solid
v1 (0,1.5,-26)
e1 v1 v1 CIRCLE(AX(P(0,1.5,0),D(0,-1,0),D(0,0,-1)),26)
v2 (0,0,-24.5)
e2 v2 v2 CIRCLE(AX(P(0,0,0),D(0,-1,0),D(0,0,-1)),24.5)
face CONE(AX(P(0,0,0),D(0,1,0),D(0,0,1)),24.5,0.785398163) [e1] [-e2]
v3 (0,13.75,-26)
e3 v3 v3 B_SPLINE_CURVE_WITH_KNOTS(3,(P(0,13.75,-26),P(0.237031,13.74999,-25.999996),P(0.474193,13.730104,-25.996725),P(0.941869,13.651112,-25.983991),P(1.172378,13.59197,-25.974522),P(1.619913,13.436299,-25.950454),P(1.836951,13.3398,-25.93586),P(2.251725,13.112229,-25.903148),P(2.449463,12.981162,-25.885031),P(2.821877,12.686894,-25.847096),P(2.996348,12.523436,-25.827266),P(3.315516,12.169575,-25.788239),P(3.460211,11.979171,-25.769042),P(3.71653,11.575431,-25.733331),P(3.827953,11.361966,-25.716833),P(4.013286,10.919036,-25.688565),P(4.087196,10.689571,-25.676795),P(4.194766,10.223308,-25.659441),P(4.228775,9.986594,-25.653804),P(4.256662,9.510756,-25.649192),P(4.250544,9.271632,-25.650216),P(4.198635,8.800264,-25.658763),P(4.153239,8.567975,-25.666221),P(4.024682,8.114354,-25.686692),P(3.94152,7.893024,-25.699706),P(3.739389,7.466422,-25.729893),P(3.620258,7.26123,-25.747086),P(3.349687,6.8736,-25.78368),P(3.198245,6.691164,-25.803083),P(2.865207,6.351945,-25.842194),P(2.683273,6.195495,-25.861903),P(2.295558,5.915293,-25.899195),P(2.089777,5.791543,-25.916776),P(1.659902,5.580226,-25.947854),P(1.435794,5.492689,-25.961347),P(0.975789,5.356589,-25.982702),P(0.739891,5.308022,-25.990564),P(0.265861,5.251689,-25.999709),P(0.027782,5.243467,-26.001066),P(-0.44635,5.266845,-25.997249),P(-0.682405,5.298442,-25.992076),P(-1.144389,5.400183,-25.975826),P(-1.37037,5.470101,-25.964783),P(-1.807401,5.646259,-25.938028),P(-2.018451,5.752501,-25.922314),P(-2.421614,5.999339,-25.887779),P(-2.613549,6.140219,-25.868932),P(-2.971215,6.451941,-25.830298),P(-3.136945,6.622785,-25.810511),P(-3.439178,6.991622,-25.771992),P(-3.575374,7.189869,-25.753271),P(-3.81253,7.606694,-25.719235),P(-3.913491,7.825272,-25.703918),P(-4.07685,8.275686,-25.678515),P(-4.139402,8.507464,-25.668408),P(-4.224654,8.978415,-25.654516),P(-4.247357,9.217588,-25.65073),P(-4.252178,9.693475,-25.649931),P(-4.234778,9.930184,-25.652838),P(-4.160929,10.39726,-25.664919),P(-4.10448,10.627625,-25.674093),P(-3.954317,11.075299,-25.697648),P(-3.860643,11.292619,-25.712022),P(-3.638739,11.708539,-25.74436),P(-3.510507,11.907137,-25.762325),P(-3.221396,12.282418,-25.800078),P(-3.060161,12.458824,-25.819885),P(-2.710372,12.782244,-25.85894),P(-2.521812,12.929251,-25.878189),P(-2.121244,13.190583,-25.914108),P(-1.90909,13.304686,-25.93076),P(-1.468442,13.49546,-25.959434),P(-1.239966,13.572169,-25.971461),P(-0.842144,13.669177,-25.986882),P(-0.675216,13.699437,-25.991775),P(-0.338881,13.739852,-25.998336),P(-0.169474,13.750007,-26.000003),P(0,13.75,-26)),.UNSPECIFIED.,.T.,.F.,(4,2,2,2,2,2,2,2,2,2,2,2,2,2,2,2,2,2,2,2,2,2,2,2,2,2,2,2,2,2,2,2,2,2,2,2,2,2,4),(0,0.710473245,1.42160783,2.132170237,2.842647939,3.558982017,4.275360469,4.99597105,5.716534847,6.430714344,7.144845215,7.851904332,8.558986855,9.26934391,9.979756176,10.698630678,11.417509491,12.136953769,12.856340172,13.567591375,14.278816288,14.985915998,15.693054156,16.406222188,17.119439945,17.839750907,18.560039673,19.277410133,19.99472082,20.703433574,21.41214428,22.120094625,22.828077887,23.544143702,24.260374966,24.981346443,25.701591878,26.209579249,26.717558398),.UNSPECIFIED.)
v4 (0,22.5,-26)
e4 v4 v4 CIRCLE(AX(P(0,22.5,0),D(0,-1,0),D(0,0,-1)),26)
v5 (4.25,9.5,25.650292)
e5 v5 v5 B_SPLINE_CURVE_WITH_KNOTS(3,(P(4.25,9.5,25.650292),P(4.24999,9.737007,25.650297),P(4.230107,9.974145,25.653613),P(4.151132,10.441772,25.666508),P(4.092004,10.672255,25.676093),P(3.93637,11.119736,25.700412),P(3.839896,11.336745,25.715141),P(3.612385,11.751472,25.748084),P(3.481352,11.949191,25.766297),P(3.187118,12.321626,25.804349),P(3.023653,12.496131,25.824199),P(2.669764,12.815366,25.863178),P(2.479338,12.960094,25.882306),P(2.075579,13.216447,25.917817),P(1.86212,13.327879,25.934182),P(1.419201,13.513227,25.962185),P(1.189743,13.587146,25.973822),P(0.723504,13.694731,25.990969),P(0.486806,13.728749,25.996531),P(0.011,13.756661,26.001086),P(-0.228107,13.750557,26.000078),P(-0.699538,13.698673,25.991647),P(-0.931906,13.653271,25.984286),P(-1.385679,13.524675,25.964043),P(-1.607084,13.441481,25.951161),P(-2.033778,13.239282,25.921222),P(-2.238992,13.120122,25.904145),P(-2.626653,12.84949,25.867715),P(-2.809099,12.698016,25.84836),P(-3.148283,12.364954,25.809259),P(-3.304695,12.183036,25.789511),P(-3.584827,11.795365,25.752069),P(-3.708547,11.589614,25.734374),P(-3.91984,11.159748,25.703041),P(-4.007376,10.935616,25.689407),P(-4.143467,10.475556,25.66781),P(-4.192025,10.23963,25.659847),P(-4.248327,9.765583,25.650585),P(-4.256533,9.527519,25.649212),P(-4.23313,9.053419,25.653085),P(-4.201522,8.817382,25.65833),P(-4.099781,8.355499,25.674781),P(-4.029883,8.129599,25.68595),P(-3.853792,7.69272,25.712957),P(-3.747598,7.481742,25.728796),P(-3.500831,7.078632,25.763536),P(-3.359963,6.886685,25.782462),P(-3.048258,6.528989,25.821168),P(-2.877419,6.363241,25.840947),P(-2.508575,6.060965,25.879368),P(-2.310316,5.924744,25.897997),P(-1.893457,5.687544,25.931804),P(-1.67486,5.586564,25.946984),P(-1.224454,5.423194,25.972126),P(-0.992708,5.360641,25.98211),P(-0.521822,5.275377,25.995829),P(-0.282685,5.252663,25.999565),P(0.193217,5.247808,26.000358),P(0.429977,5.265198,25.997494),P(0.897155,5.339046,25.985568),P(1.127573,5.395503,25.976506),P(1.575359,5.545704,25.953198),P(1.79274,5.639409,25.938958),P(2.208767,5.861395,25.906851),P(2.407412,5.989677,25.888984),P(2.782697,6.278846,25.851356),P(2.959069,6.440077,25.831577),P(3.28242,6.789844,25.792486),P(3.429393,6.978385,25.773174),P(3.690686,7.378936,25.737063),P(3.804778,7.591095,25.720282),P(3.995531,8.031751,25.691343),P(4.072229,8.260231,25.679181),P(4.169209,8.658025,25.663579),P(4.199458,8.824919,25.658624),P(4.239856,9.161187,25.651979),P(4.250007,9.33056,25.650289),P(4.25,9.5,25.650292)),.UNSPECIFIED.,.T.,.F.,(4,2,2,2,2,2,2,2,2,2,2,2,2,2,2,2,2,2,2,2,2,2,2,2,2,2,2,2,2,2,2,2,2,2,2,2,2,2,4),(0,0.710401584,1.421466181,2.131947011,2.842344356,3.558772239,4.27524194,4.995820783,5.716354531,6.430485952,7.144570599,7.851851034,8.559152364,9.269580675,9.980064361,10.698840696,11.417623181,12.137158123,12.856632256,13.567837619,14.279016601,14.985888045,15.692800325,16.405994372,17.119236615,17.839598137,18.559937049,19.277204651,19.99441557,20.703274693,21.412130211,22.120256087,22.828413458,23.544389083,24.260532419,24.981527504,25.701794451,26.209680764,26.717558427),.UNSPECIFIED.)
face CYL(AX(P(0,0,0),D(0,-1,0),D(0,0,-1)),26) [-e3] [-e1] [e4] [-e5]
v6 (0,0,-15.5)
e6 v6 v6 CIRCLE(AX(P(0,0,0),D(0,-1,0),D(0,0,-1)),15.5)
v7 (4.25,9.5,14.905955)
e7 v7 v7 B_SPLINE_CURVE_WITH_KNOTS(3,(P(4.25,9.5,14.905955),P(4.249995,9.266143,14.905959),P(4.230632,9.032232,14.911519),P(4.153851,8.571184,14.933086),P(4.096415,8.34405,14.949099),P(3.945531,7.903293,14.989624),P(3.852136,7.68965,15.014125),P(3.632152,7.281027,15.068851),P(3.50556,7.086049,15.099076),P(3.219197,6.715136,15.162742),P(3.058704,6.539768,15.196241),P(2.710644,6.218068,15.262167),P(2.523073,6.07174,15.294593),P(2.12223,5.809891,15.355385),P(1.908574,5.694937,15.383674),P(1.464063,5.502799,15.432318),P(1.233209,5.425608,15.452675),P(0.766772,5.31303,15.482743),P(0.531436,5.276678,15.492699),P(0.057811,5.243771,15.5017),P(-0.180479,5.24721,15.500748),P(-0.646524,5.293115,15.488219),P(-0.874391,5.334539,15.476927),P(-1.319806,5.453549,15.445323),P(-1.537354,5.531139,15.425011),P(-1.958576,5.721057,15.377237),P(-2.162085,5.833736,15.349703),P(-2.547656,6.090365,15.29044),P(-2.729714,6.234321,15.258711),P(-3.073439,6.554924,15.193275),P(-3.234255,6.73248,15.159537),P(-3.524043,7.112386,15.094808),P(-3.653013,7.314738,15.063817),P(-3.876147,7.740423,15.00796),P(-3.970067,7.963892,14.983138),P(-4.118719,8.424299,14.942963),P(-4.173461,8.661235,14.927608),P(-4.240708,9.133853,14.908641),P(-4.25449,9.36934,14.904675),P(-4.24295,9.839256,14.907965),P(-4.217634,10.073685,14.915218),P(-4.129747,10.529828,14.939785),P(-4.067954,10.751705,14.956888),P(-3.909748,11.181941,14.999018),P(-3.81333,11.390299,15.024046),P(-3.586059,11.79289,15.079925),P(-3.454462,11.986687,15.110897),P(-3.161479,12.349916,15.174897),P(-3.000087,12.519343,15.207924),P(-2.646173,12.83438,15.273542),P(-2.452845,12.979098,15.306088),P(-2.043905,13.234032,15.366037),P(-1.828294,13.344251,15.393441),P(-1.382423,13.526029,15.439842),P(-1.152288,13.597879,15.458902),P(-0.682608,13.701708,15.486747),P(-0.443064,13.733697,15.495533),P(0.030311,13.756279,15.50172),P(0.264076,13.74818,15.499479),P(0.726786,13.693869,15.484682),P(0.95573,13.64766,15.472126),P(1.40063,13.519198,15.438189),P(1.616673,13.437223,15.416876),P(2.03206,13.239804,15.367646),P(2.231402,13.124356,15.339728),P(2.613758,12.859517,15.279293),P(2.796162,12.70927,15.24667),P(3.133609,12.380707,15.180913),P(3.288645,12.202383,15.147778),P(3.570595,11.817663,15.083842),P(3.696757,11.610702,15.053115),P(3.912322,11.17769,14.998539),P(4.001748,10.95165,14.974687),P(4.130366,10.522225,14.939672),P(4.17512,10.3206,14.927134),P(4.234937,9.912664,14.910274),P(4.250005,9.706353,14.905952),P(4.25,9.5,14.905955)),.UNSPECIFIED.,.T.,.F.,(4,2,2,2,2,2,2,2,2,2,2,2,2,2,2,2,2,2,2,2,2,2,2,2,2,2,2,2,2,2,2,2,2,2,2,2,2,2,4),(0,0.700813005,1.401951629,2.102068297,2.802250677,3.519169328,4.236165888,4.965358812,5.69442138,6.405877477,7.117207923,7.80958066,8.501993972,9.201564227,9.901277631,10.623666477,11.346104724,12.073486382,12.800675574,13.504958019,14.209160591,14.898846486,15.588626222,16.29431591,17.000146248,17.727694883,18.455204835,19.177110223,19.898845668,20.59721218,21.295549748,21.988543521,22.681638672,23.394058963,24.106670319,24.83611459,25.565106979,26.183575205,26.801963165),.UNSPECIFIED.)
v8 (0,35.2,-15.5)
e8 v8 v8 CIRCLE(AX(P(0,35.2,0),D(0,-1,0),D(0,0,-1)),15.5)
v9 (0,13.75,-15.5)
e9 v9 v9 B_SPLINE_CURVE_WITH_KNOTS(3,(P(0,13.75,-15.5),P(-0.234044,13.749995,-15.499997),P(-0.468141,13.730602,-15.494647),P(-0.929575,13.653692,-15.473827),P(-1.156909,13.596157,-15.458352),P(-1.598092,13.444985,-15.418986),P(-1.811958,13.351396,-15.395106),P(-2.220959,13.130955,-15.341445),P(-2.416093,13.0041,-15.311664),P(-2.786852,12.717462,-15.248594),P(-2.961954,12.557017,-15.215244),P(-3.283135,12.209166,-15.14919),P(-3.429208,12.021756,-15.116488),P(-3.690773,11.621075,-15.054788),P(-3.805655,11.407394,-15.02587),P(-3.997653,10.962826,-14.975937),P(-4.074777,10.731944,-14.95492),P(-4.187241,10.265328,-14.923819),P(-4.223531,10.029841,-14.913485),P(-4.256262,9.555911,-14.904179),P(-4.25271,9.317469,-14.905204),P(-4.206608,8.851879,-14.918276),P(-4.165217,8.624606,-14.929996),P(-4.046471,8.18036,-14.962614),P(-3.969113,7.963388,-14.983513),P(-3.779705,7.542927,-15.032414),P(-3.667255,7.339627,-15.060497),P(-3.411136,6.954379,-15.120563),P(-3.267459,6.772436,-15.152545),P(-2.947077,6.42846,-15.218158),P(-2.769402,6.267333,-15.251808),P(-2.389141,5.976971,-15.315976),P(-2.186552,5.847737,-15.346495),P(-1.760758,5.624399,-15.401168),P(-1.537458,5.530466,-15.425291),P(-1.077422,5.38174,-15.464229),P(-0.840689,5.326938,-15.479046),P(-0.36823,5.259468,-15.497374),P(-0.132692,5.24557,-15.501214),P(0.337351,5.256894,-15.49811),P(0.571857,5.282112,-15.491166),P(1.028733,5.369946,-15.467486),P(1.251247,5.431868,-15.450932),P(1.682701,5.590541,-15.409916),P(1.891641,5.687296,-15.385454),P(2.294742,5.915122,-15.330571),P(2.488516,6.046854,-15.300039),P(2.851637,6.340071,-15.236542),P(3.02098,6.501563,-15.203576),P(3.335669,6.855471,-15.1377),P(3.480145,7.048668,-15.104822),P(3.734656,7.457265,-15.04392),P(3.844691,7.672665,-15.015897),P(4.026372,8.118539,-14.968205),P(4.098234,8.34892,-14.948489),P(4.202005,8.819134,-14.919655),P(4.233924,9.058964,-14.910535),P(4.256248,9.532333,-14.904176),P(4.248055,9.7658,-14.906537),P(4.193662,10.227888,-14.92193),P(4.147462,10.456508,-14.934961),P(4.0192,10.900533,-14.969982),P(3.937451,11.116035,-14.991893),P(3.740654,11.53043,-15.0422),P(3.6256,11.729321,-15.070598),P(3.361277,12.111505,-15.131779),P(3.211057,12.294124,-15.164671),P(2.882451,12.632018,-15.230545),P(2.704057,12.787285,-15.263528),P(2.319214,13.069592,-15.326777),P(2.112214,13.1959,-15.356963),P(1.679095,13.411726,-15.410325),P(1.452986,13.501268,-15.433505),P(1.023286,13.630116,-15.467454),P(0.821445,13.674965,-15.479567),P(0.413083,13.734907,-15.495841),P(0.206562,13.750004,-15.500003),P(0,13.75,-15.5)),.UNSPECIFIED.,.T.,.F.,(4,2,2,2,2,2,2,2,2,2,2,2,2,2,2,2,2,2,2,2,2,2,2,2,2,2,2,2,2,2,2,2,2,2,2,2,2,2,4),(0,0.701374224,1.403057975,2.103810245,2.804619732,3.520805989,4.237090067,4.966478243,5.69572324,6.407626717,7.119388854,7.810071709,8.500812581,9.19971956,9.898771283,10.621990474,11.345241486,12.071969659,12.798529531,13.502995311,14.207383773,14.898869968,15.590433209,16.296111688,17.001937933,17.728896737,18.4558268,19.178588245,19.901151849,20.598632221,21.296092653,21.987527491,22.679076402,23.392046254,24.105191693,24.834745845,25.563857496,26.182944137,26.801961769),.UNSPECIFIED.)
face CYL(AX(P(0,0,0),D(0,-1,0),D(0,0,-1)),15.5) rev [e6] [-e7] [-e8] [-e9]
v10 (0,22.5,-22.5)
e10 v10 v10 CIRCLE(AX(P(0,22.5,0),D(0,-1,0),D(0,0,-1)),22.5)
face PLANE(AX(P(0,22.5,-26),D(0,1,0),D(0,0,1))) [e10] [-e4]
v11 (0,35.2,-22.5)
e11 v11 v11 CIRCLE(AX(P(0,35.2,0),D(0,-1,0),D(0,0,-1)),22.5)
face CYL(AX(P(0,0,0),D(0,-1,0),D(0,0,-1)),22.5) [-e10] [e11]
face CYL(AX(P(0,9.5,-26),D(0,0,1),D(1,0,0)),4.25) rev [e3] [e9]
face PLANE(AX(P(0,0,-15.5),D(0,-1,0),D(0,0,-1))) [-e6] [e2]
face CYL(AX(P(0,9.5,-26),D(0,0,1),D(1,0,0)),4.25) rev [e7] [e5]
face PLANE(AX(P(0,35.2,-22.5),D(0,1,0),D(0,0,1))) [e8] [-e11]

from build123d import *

# Parameters (mm, degrees)
CORTE_EXTRUS_O1_DEPTH      = 51.902259282
CORTE_EXTRUS_O1_DEPTH_BACK = 51.902259282
ESBO_O2_R                  = 4.25


with BuildPart() as part:
    # Esboço1 → Revolução1 (revolve)
    with BuildSketch(Plane(origin=(0, 0, 0), x_dir=(0, 0, -1), z_dir=(1, 0, 0))):
        Polygon((15.5, 35.2), (15.5, 0), (24.5, 0), (26, 1.5), (26, 22.5), (22.5, 22.5), (22.5, 35.2), align=None)
    revolve(axis=Axis((0, 0, 0), (0, 1, 0)))

    # Esboço2 → Corte-extrusão1 (cut, two sides: drawn at the far end of the back side and taken through both)
    with BuildSketch(Plane.XY.offset(-CORTE_EXTRUS_O1_DEPTH_BACK)):
        with Locations((0, 9.5)):
            Circle(ESBO_O2_R)
    extrude(amount=CORTE_EXTRUS_O1_DEPTH + CORTE_EXTRUS_O1_DEPTH_BACK, mode=Mode.SUBTRACT)


solid = part.part
